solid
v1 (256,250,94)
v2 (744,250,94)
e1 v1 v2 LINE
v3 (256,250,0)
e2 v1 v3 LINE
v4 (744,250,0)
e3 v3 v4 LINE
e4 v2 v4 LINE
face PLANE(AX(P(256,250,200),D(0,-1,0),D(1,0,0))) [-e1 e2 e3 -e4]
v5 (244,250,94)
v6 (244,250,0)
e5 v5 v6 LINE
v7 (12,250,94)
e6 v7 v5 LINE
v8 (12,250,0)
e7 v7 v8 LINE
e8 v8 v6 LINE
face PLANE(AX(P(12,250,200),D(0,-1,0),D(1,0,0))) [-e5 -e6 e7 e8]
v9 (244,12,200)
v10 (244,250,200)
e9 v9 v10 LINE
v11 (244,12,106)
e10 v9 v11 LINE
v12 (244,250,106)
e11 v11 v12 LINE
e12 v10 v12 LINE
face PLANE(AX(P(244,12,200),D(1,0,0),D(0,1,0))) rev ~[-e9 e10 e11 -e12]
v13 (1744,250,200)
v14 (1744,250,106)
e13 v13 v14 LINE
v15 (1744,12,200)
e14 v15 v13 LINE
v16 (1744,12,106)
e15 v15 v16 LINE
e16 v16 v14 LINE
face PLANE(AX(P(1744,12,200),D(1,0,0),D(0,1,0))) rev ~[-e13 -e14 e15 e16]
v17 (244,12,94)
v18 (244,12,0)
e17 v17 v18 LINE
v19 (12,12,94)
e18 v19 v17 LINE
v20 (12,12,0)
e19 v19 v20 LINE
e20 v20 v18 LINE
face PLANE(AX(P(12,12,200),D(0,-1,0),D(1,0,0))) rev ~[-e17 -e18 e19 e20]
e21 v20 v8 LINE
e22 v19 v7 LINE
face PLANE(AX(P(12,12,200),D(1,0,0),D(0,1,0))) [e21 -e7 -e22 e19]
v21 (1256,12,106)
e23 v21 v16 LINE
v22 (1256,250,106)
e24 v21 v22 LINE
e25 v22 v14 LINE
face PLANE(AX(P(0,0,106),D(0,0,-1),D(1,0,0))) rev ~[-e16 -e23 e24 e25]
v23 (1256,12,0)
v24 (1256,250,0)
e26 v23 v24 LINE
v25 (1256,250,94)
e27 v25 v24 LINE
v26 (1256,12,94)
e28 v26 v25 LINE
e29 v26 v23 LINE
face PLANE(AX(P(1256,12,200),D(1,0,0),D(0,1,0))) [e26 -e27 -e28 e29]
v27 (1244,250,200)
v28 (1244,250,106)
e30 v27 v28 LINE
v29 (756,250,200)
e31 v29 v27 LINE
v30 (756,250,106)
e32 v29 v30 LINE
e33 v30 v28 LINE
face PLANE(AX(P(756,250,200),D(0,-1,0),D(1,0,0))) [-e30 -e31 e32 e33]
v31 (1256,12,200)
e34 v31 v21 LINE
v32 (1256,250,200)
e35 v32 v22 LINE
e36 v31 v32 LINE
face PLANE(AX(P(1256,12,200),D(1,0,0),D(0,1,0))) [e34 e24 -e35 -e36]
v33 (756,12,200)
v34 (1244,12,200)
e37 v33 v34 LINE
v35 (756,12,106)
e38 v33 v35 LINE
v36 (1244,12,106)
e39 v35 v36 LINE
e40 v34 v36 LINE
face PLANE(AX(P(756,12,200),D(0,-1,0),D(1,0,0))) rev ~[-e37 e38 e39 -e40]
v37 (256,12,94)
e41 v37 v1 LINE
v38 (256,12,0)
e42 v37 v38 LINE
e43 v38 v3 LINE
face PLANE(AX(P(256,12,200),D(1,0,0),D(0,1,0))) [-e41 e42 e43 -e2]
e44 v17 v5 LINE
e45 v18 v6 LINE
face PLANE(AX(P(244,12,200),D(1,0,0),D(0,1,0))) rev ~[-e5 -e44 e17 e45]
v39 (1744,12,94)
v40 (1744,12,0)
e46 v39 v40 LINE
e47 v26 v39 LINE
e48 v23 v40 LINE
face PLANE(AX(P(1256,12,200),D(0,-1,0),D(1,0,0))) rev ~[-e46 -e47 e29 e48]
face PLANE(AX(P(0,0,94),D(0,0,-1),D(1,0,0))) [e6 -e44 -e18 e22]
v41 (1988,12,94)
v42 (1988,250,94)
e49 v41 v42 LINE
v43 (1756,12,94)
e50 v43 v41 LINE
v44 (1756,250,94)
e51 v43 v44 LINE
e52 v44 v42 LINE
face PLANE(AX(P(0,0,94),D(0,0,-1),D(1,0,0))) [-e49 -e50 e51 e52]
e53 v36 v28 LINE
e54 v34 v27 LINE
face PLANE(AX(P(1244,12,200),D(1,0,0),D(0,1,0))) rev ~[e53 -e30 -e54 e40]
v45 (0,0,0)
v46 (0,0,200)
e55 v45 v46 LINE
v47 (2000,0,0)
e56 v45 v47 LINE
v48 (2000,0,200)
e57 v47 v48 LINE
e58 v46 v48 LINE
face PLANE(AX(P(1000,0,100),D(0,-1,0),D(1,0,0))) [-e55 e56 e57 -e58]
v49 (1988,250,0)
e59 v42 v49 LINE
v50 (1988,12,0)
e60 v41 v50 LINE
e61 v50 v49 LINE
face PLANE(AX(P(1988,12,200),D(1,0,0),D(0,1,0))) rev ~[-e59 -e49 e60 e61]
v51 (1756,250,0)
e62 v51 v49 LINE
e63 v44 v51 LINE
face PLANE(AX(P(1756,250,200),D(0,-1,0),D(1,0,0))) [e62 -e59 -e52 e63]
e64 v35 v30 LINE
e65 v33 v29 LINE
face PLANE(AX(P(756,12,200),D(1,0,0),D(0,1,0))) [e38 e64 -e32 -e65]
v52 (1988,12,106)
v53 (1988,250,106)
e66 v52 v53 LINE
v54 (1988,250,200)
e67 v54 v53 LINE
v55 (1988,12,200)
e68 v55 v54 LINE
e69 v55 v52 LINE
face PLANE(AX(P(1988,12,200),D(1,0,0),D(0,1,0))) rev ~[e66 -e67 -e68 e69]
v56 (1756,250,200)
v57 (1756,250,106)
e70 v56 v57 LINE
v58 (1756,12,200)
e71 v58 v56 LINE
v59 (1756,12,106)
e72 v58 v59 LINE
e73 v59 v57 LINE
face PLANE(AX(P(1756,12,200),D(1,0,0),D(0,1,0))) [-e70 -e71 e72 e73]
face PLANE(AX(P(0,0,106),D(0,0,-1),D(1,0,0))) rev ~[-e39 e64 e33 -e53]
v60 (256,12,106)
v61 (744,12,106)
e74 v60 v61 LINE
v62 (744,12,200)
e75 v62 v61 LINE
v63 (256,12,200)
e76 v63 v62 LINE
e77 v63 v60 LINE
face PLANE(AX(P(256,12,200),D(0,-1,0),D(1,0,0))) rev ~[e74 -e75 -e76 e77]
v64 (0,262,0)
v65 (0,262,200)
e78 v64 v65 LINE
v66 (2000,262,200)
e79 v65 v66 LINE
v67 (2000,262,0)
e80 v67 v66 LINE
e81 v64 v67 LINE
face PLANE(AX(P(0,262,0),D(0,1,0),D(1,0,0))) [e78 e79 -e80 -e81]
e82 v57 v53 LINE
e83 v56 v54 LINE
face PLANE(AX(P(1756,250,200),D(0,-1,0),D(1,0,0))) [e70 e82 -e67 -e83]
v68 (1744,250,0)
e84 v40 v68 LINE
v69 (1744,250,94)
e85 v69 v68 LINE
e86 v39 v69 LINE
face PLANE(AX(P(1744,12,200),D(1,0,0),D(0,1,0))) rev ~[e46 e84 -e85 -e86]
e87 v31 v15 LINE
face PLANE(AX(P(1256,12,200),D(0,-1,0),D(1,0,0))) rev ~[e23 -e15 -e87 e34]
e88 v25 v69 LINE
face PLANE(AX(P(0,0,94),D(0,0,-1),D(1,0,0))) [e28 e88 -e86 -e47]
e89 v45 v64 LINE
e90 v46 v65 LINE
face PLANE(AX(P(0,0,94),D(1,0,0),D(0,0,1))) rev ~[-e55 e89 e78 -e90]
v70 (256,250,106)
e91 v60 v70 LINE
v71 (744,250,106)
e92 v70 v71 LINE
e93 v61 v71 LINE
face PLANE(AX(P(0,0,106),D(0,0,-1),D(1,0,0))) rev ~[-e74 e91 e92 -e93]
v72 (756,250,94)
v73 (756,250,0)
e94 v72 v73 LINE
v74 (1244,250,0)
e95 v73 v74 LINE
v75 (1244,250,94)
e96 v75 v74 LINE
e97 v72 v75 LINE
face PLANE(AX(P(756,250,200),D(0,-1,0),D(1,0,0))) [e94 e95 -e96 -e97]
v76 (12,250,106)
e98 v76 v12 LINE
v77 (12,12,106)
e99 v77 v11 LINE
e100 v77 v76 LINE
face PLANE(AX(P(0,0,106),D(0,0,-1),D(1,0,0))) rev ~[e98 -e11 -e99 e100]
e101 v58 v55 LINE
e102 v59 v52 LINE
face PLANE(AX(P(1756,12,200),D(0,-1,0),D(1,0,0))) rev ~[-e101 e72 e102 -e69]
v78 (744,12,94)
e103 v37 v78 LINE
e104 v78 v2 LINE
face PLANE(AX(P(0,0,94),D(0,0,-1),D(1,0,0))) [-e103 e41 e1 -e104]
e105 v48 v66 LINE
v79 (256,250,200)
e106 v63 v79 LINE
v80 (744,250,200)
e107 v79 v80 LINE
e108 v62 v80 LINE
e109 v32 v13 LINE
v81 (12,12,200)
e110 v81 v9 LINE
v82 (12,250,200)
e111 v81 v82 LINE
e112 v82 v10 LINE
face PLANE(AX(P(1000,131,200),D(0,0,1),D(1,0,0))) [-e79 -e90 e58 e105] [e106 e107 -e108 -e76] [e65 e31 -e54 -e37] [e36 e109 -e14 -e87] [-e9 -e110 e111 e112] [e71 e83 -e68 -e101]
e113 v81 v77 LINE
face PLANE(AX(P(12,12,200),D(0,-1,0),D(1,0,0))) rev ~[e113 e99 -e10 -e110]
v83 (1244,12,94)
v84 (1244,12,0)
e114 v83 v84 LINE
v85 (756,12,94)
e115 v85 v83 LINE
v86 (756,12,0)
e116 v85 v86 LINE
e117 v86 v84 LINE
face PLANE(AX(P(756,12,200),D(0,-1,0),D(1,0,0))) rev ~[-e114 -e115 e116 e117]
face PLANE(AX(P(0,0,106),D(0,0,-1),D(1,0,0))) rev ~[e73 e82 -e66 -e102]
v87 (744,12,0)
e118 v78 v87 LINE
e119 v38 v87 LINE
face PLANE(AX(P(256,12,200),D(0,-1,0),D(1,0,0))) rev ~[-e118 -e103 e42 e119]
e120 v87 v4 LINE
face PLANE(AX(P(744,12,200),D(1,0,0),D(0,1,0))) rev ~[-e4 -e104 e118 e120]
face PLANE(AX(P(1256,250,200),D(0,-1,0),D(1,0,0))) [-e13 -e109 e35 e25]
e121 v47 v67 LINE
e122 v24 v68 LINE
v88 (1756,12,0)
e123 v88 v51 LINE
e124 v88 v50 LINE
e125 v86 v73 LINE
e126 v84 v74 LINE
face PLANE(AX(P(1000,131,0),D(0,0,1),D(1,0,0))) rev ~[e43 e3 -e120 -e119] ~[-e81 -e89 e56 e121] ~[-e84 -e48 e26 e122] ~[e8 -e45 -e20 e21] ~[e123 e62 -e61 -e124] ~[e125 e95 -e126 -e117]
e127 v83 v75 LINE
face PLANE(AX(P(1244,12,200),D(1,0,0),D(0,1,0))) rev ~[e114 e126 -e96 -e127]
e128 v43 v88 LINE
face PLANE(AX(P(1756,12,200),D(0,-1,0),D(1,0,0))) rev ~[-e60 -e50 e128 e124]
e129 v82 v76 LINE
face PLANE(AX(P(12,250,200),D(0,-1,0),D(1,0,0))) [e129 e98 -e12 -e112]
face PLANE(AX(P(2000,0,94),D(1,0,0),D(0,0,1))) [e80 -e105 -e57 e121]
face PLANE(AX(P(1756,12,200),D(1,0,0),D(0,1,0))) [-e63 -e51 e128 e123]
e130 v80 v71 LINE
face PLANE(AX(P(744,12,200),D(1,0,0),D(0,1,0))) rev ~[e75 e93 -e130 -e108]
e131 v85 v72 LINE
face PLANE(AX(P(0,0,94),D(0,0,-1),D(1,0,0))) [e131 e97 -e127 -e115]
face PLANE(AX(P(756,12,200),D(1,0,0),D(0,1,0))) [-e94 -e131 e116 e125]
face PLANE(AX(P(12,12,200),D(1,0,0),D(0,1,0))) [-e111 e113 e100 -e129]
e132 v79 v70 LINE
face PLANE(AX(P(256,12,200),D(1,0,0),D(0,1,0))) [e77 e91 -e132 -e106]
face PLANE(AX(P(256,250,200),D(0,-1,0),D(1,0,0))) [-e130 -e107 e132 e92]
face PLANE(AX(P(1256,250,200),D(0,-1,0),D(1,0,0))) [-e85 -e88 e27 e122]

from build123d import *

# Parameters (mm, degrees)
SKETCH_1_W           = 2000
SKETCH_1_H           = 262
EXTRUDE_1_DEPTH      = 200
SKETCH_5_W           = 232
SKETCH_5_H           = 238
SKETCH_5_W_2         = 488
CUT_EXTRUDE_10_DEPTH = 2027.979032945
SKETCH_7_W           = 2000
SKETCH_7_H           = 12
EXTRUDE_13_DEPTH     = 260


with BuildPart() as part:
    # 草图1 → 拉伸1 (new body)
    with BuildSketch(Plane.XY):
        with Locations((1000, 131)):
            Rectangle(SKETCH_1_W, SKETCH_1_H)
    extrude(amount=EXTRUDE_1_DEPTH)

    # 草图5 → 拉伸10 (cut, through all)
    with BuildSketch(Plane.XY.offset(200)):
        with Locations((128, 131)):
            Rectangle(SKETCH_5_W, SKETCH_5_H)
        with Locations((500, 131)):
            Rectangle(SKETCH_5_W_2, SKETCH_5_H)
        with Locations((1000, 131)):
            Rectangle(SKETCH_5_W_2, SKETCH_5_H)
        with Locations((1500, 131)):
            Rectangle(SKETCH_5_W_2, SKETCH_5_H)
        with Locations((1872, 131)):
            Rectangle(SKETCH_5_W, SKETCH_5_H)
    extrude(amount=-CUT_EXTRUDE_10_DEPTH, mode=Mode.SUBTRACT)

    # 草图7 → 拉伸13 (add)
    with BuildSketch(Plane.XZ):
        with Locations((1000, 100)):
            Rectangle(SKETCH_7_W, SKETCH_7_H)
    extrude(amount=-EXTRUDE_13_DEPTH)


solid = part.part
